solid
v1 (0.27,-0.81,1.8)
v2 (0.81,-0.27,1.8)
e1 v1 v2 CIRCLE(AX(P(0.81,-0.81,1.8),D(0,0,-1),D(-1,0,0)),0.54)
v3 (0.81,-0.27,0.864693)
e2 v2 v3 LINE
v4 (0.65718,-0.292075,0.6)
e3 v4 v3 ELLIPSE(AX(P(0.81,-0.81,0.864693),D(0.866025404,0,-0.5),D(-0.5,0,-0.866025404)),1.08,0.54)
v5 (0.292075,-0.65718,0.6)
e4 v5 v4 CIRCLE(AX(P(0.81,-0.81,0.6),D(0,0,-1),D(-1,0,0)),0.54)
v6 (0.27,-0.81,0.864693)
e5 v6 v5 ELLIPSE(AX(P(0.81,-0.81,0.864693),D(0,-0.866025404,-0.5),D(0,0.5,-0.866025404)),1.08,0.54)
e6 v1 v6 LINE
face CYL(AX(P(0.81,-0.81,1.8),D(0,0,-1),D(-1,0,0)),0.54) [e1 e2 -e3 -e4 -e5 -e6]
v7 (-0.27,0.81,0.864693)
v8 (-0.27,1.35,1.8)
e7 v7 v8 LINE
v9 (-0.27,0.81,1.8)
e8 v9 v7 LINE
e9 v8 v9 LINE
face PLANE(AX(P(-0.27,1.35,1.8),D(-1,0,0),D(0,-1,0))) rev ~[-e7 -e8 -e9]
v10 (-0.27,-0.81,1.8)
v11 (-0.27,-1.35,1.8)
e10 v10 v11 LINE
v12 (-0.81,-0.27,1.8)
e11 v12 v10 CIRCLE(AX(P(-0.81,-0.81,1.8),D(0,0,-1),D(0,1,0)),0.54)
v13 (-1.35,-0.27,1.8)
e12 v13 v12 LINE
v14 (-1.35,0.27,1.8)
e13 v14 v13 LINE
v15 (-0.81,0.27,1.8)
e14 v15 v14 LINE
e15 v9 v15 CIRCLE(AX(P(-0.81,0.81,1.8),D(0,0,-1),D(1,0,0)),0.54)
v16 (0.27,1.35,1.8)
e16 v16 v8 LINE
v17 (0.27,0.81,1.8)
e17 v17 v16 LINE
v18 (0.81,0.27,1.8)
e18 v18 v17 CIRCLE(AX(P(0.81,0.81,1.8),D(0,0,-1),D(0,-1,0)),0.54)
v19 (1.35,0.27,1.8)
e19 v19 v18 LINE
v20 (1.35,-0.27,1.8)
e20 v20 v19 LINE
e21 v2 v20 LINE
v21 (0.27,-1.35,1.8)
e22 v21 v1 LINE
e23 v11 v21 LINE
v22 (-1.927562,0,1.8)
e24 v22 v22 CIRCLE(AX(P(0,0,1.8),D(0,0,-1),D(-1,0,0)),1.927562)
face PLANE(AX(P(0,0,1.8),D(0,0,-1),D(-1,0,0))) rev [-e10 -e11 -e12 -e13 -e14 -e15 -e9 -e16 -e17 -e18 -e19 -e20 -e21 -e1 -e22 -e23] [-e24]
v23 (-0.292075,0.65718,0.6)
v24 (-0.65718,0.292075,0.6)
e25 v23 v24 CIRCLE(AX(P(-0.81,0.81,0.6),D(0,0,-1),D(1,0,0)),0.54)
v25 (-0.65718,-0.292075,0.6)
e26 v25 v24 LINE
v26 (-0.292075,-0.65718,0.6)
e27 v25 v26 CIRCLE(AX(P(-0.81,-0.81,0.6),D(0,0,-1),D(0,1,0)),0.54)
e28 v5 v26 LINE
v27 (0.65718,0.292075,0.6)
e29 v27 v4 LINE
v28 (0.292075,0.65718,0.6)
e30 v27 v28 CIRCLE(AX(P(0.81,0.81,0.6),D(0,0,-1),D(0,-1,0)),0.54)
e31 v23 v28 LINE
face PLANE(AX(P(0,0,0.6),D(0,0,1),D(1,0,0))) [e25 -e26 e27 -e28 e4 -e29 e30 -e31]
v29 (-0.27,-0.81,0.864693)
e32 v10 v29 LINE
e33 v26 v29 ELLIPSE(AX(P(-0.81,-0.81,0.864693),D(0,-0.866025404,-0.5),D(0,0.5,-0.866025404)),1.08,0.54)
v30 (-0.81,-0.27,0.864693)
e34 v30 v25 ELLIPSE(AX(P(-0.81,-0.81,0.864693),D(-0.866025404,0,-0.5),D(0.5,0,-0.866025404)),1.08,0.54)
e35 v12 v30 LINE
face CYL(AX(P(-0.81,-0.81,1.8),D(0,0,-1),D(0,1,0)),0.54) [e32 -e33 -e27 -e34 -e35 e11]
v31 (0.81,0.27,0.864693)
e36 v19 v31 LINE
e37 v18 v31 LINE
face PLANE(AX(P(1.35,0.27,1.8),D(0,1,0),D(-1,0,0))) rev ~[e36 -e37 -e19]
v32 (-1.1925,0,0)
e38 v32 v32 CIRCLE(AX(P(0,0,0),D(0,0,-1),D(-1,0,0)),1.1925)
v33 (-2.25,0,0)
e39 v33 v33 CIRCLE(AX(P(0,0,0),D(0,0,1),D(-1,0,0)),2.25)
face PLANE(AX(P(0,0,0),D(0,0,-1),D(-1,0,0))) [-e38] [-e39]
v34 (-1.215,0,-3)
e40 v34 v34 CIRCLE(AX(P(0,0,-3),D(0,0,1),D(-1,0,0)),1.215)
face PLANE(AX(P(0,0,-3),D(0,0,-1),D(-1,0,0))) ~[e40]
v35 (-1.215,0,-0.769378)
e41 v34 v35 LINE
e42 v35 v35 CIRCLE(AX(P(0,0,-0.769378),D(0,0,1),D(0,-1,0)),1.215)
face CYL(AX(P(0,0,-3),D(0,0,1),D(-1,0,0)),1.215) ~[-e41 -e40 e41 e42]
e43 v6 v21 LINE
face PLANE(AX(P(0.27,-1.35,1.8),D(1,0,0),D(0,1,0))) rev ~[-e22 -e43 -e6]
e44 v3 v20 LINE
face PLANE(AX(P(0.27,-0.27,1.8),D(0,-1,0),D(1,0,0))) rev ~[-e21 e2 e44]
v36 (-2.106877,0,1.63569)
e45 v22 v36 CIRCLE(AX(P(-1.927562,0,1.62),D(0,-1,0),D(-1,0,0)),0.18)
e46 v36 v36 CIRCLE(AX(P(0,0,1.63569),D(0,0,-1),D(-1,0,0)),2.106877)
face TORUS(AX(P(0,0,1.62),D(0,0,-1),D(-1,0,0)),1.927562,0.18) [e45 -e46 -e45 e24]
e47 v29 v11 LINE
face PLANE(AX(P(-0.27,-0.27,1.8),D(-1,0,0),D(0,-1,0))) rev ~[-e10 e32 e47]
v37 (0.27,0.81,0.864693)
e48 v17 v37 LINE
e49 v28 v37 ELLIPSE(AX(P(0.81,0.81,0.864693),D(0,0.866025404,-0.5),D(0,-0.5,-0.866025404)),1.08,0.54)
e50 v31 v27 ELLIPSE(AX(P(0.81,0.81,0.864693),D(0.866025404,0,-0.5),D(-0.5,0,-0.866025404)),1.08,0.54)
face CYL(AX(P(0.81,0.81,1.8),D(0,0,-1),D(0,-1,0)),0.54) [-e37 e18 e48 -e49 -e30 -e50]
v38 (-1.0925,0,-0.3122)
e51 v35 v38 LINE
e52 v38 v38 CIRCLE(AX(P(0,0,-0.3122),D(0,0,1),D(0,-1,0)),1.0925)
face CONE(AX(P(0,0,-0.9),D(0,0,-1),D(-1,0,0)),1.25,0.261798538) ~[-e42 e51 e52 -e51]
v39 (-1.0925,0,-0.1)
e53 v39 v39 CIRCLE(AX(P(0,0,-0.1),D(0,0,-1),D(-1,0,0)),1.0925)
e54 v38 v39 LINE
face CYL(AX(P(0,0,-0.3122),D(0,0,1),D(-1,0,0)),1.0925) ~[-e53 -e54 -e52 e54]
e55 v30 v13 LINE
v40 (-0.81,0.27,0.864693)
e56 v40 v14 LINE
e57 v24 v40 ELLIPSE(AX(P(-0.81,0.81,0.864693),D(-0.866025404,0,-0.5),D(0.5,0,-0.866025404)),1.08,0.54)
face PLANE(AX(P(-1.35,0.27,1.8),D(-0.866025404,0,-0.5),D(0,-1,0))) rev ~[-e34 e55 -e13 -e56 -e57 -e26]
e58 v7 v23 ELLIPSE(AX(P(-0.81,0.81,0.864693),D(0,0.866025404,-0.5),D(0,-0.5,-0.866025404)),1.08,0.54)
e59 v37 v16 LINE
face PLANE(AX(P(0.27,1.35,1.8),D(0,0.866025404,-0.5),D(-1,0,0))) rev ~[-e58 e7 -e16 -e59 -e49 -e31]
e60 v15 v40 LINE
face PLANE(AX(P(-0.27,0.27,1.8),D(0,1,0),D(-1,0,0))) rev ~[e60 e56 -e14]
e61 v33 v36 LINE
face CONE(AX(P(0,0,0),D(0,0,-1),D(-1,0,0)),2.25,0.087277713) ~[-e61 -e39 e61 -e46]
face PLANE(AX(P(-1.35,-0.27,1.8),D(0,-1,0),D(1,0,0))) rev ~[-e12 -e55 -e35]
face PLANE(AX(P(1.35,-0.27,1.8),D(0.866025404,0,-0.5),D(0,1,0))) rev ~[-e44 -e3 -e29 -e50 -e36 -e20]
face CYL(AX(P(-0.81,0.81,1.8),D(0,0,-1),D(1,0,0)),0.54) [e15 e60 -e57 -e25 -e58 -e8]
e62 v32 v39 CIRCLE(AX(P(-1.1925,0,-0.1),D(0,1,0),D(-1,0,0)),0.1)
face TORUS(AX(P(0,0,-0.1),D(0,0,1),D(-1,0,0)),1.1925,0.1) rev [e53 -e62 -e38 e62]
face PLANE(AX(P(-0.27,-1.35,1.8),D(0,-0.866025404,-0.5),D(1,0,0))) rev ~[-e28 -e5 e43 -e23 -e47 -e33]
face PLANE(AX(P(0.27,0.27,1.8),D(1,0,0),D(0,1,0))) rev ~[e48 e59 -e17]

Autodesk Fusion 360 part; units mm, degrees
sketch "Sketch1" plane through (0, 0, 0) normal (0, 1, 0) x (1, 0, 0)
  line L0 (0, -1.8) -> (0, 3)
  line L1 (-2.25, 0) -> (-2.0925, -1.8)
  line L2 (-2.25, 0) -> (-1.0925, 0)
  line L3 (0, 3) -> (-1.25, 3)
  line L4 (-1.25, 3) -> (-1.25, 0.9)
  line L5 (-1.25, 0.9) -> (-1.0925, 0.3122)
  line L6 (-1.0925, 0.3122) -> (-1.0925, 0)
  line L7 (0, -1.8) -> (-2.0925, -1.8)
  dimension "d13" = 5
  dimension "d14" = 4.5
  dimension "d18" = 2.5
  dimension "d56" = 3
  dimension "d65" = 15
  dimension "d67" = 1.8
  dimension "d71" = 2.185
  dimension "d77" = 0.9
revolve "Revolve1" add sketch "Sketch1" angle 360 about axis through (0, 0, 1.8) along (0, 0, -1) makes body 1
fillet "Fillet3" radius 0.18 1 edges at (-1.9509, 0.7567, 1.8) on bodies 1
fillet "Fillet2" radius 0.1 1 edges at (-1.0186, 0.3951, 0) on bodies 1
sketch "Sketch2" plane through (0, 0, 1.8) normal (0, 0, 1) x (1, 0, 0)
  line L0 (-0.27, 0.27) -> (-1.35, 0.27)
  line L1 (-1.35, 0.27) -> (-1.35, -0.27)
  line L2 (-1.35, -0.27) -> (-0.27, -0.27)
  line L3 (-0.27, -0.27) -> (-0.27, -1.35)
  line L4 (-0.27, -1.35) -> (0.27, -1.35)
  line L5 (0.27, -1.35) -> (0.27, -0.27)
  line L6 (0.27, -0.27) -> (1.35, -0.27)
  line L7 (1.35, -0.27) -> (1.35, 0.27)
  line L8 (1.35, 0.27) -> (0.27, 0.27)
  line L9 (0.27, 0.27) -> (0.27, 1.35)
  line L10 (0.27, 1.35) -> (-0.27, 1.35)
  line L11 (-0.27, 1.35) -> (-0.27, 0.27)
  dimension "d81" = 360
  dimension "d83" = 0.54
  dimension "d84" = 2.7
extrude "Extrude1" add sketch "Sketch2" against normal blind 1.2 separate body makes body 2
draft "Draft1" angle -30 neutral plane through (0, 0, 1.8) pull (0, 0, 1) 4 faces at (1.35, 0.09, 1) (0.09, 1.35, 1.4) (-1.35, 0.09, 1.4) (-0.09, -1.35, 1.4) on bodies 2
fillet "Fillet1" radius 0.54 4 edges at (-0.27, 0.27, 1.2) (-0.27, -0.27, 1.2) (0.27, -0.27, 1.2) (0.27, 0.27, 1.2) on bodies 2
combine "Combine1" operation cut target body 1 tool bodies 2
thread "Thread3" "ISO Metric profile 2.5 M2.5x0.45 M2.5x0.45 6g" major diameter 2.43 minor diameter 1.9165 pitch 0.45 angle 60 resizes the face on face at (-1.2484, -0.0623, -2.3) on bodies 1
equation "adsk_nomdia = 2.50 mm"
equation "adsk_nomlen = 3.00 mm"
equation "adsk_headdia = 4.50 mm"
equation "adsk_phildia = 2.70 mm"
equation "adsk_midfillet = 0.10 mm"
equation "adsk_phildepth = 1.20 mm"
equation "adsk_shnklen = 0.90 mm"
equation "adsk_thrang = 15 deg"
equation "adsk_headang = 5 deg"
equation "d13 = adsk_headang"
equation "d14 = adsk_headdia"
equation "d18 = adsk_nomdia"
equation "adsk_philwidth = 0.54 mm"
equation "d43 = -adsk_phildepth"
equation "d52 = adsk_midfillet"
equation "d56 = adsk_nomlen"
equation "d65 = adsk_thrang"
equation "d67 = adsk_headh"
equation "adsk_headh = 1.80 mm"
equation "adsk_pitch1 = 0.45 mm"
equation "adsk_shnkdia = adsk_nomdia - 0.7 * adsk_pitch1"
equation "d71 = adsk_shnkdia"
equation "adsk_headtoprad = adsk_headh * 0.1"
equation "d76 = adsk_headtoprad"
equation "d77 = adsk_shnklen"
equation "d83 = adsk_philwidth"
equation "d84 = adsk_phildia"
equation "d86 = adsk_philwidth"
properties part number "BS EN ISO 7048 - H - M2.5 x 3 Steel 4.6 Plain"
